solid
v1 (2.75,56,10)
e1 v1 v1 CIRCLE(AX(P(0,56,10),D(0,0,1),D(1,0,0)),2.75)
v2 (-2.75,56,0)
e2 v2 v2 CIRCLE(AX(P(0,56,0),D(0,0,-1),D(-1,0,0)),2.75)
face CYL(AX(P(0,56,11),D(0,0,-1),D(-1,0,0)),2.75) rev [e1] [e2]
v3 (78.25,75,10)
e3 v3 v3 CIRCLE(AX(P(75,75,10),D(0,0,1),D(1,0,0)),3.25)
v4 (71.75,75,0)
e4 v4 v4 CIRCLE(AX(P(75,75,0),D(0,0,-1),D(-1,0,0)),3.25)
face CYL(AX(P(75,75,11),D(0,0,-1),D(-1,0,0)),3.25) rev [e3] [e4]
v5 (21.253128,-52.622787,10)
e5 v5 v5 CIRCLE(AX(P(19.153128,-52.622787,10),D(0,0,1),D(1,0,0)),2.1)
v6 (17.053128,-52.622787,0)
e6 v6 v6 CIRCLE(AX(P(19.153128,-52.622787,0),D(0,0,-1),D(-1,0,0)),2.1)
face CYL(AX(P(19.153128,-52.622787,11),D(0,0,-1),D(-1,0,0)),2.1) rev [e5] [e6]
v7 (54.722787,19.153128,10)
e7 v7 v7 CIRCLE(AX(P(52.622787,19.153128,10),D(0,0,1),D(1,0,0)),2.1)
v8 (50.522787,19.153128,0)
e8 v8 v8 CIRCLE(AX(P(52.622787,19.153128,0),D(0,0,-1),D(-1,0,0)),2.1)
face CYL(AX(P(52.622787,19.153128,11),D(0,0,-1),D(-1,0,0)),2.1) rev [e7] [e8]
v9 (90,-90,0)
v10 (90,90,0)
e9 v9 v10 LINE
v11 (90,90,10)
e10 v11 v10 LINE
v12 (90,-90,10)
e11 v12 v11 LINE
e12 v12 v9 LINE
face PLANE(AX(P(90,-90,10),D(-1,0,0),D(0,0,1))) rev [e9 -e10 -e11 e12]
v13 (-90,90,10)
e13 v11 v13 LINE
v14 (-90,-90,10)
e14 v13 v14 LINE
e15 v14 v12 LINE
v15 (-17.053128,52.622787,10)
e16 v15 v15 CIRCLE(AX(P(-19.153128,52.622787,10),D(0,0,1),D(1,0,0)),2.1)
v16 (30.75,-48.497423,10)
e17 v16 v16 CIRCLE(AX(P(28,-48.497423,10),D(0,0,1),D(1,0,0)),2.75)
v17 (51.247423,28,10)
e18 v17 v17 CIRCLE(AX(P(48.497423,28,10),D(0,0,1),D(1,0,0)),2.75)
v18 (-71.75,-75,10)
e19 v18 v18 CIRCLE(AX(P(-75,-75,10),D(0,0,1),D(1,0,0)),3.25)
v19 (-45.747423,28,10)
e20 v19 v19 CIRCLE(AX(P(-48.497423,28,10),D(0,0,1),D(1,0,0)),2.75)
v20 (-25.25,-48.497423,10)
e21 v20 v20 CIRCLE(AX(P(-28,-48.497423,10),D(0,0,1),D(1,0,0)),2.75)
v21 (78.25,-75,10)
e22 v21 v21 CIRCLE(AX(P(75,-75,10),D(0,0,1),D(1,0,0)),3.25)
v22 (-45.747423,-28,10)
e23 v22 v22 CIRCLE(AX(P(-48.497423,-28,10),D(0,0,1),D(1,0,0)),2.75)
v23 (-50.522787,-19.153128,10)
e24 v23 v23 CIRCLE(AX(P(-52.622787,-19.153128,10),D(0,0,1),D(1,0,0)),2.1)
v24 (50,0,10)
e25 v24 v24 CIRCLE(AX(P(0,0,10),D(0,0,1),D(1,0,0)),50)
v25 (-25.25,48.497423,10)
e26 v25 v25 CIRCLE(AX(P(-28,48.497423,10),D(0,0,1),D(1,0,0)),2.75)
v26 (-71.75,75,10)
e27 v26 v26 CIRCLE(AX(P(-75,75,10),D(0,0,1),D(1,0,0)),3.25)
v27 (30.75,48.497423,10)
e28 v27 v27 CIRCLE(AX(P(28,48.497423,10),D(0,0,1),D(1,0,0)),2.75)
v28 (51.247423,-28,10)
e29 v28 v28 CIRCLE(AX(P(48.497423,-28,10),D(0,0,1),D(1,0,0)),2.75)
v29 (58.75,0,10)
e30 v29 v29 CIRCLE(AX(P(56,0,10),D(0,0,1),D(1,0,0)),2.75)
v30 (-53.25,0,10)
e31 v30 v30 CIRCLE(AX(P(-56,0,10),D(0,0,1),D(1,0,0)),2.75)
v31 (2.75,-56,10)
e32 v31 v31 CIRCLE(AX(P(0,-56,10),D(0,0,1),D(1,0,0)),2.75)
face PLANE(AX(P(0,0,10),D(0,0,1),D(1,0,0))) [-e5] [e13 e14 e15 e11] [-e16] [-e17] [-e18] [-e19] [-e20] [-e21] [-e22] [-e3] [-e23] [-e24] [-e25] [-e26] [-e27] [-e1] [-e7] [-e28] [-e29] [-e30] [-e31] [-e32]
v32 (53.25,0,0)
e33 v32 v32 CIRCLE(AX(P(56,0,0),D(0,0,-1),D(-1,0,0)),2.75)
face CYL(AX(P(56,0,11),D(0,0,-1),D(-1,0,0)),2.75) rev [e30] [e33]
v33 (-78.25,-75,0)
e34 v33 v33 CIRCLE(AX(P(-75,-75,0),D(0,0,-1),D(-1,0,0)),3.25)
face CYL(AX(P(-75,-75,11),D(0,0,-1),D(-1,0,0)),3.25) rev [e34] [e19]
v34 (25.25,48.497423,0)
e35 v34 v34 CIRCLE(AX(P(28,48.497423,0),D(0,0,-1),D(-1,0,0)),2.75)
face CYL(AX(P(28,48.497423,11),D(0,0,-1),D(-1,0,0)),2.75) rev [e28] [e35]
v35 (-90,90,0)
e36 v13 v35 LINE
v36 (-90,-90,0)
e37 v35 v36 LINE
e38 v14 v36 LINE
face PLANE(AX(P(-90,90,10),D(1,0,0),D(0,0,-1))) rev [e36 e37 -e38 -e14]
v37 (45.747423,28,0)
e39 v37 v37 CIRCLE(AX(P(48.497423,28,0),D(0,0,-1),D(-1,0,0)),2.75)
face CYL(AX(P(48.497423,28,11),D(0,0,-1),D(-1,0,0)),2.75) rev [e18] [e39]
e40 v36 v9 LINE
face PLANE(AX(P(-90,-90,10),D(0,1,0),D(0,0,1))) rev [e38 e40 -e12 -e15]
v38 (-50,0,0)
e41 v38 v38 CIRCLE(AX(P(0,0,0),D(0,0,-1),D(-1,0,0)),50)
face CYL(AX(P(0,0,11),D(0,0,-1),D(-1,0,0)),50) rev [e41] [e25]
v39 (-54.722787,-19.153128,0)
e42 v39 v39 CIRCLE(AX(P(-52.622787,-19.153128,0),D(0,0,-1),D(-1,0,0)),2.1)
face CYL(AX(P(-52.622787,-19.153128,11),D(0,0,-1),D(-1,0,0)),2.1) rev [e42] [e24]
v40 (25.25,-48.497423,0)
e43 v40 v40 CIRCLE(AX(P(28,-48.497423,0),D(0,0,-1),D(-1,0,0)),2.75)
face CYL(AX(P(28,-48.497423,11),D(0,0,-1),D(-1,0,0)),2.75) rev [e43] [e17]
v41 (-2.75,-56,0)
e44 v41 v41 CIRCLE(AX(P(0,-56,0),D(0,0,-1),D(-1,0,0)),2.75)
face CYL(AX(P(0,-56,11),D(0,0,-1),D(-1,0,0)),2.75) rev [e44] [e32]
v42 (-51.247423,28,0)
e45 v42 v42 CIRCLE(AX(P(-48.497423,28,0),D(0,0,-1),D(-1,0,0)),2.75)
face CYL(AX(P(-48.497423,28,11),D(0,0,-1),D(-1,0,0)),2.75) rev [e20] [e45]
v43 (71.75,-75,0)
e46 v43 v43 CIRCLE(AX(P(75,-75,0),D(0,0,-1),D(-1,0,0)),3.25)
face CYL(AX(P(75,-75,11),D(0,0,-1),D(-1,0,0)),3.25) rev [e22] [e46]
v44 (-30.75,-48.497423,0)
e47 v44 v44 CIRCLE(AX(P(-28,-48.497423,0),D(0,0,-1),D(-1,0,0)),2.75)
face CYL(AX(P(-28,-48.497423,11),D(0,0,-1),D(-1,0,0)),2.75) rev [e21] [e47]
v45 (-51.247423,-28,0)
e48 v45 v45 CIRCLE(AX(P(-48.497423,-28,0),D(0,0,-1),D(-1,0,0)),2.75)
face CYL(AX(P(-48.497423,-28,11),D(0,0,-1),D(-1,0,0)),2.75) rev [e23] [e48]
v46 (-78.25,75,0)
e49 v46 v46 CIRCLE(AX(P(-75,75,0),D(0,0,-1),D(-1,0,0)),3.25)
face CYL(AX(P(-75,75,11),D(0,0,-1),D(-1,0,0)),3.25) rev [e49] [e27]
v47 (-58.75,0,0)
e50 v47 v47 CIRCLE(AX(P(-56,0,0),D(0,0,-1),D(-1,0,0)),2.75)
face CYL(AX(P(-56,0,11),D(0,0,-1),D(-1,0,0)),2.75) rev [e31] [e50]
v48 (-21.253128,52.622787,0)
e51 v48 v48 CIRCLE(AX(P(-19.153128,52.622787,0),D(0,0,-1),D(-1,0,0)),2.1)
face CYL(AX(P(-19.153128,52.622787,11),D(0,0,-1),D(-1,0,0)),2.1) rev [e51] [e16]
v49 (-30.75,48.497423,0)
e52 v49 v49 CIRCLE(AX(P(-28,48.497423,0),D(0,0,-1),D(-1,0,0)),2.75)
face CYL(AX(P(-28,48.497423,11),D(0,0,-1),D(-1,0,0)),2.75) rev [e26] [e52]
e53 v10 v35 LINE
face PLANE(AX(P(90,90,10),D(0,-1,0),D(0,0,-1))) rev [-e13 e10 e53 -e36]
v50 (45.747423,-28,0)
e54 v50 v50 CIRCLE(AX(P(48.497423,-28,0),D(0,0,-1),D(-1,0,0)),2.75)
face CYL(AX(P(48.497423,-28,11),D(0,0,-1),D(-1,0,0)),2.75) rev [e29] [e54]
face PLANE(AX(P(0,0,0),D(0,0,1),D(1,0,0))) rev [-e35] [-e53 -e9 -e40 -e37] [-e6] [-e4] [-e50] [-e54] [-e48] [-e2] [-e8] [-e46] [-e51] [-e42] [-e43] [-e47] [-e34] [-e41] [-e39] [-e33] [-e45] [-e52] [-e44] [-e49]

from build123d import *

# Parameters (mm, degrees)
SKETCH_1_W          = 180
SKETCH_1_H          = 180
EXTRUDE_1_DEPTH     = 10
SKETCH_2_R          = 50
SKETCH_2_R_2        = 2.75
SKETCH_2_R_3        = 2.1
SKETCH_2_R_4        = 3.25
CUT_EXTRUDE_1_DEPTH = 11


with BuildPart() as part:
    # 草图1 → 凸台-拉伸1 (new body)
    with BuildSketch(Plane.XY):
        Rectangle(SKETCH_1_W, SKETCH_1_H)
    extrude(amount=EXTRUDE_1_DEPTH)

    # 草图2 → 切除-拉伸1 (cut)
    with BuildSketch(Plane(origin=(0, 0, 0), x_dir=(-1, 0, 0), z_dir=(0, 0, -1))):
        Circle(SKETCH_2_R)
        with Locations((-56, 0)):
            Circle(SKETCH_2_R_2)
        with Locations((-48.497422612, 28)):
            Circle(SKETCH_2_R_2)
        with Locations((-28, 48.497422612)):
            Circle(SKETCH_2_R_2)
        with Locations((0, 56)):
            Circle(SKETCH_2_R_2)
        with Locations((28, 48.497422612)):
            Circle(SKETCH_2_R_2)
        with Locations((48.497422612, 28)):
            Circle(SKETCH_2_R_2)
        with Locations((56, 0)):
            Circle(SKETCH_2_R_2)
        with Locations((48.497422612, -28)):
            Circle(SKETCH_2_R_2)
        with Locations((28, -48.497422612)):
            Circle(SKETCH_2_R_2)
        with Locations((0, -56)):
            Circle(SKETCH_2_R_2)
        with Locations((-28, -48.497422612)):
            Circle(SKETCH_2_R_2)
        with Locations((-48.497422612, -28)):
            Circle(SKETCH_2_R_2)
        with Locations((-52.622786764, 19.153128026)):
            Circle(SKETCH_2_R_3)
        with Locations((19.153128026, 52.622786764)):
            Circle(SKETCH_2_R_3)
        with Locations((52.622786764, -19.153128026)):
            Circle(SKETCH_2_R_3)
        with Locations((-19.153128026, -52.622786764)):
            Circle(SKETCH_2_R_3)
        with Locations((75, -75)):
            Circle(SKETCH_2_R_4)
        with Locations((75, 75)):
            Circle(SKETCH_2_R_4)
        with Locations((-75, -75)):
            Circle(SKETCH_2_R_4)
        with Locations((-75, 75)):
            Circle(SKETCH_2_R_4)
    extrude(amount=-CUT_EXTRUDE_1_DEPTH, mode=Mode.SUBTRACT)


solid = part.part
